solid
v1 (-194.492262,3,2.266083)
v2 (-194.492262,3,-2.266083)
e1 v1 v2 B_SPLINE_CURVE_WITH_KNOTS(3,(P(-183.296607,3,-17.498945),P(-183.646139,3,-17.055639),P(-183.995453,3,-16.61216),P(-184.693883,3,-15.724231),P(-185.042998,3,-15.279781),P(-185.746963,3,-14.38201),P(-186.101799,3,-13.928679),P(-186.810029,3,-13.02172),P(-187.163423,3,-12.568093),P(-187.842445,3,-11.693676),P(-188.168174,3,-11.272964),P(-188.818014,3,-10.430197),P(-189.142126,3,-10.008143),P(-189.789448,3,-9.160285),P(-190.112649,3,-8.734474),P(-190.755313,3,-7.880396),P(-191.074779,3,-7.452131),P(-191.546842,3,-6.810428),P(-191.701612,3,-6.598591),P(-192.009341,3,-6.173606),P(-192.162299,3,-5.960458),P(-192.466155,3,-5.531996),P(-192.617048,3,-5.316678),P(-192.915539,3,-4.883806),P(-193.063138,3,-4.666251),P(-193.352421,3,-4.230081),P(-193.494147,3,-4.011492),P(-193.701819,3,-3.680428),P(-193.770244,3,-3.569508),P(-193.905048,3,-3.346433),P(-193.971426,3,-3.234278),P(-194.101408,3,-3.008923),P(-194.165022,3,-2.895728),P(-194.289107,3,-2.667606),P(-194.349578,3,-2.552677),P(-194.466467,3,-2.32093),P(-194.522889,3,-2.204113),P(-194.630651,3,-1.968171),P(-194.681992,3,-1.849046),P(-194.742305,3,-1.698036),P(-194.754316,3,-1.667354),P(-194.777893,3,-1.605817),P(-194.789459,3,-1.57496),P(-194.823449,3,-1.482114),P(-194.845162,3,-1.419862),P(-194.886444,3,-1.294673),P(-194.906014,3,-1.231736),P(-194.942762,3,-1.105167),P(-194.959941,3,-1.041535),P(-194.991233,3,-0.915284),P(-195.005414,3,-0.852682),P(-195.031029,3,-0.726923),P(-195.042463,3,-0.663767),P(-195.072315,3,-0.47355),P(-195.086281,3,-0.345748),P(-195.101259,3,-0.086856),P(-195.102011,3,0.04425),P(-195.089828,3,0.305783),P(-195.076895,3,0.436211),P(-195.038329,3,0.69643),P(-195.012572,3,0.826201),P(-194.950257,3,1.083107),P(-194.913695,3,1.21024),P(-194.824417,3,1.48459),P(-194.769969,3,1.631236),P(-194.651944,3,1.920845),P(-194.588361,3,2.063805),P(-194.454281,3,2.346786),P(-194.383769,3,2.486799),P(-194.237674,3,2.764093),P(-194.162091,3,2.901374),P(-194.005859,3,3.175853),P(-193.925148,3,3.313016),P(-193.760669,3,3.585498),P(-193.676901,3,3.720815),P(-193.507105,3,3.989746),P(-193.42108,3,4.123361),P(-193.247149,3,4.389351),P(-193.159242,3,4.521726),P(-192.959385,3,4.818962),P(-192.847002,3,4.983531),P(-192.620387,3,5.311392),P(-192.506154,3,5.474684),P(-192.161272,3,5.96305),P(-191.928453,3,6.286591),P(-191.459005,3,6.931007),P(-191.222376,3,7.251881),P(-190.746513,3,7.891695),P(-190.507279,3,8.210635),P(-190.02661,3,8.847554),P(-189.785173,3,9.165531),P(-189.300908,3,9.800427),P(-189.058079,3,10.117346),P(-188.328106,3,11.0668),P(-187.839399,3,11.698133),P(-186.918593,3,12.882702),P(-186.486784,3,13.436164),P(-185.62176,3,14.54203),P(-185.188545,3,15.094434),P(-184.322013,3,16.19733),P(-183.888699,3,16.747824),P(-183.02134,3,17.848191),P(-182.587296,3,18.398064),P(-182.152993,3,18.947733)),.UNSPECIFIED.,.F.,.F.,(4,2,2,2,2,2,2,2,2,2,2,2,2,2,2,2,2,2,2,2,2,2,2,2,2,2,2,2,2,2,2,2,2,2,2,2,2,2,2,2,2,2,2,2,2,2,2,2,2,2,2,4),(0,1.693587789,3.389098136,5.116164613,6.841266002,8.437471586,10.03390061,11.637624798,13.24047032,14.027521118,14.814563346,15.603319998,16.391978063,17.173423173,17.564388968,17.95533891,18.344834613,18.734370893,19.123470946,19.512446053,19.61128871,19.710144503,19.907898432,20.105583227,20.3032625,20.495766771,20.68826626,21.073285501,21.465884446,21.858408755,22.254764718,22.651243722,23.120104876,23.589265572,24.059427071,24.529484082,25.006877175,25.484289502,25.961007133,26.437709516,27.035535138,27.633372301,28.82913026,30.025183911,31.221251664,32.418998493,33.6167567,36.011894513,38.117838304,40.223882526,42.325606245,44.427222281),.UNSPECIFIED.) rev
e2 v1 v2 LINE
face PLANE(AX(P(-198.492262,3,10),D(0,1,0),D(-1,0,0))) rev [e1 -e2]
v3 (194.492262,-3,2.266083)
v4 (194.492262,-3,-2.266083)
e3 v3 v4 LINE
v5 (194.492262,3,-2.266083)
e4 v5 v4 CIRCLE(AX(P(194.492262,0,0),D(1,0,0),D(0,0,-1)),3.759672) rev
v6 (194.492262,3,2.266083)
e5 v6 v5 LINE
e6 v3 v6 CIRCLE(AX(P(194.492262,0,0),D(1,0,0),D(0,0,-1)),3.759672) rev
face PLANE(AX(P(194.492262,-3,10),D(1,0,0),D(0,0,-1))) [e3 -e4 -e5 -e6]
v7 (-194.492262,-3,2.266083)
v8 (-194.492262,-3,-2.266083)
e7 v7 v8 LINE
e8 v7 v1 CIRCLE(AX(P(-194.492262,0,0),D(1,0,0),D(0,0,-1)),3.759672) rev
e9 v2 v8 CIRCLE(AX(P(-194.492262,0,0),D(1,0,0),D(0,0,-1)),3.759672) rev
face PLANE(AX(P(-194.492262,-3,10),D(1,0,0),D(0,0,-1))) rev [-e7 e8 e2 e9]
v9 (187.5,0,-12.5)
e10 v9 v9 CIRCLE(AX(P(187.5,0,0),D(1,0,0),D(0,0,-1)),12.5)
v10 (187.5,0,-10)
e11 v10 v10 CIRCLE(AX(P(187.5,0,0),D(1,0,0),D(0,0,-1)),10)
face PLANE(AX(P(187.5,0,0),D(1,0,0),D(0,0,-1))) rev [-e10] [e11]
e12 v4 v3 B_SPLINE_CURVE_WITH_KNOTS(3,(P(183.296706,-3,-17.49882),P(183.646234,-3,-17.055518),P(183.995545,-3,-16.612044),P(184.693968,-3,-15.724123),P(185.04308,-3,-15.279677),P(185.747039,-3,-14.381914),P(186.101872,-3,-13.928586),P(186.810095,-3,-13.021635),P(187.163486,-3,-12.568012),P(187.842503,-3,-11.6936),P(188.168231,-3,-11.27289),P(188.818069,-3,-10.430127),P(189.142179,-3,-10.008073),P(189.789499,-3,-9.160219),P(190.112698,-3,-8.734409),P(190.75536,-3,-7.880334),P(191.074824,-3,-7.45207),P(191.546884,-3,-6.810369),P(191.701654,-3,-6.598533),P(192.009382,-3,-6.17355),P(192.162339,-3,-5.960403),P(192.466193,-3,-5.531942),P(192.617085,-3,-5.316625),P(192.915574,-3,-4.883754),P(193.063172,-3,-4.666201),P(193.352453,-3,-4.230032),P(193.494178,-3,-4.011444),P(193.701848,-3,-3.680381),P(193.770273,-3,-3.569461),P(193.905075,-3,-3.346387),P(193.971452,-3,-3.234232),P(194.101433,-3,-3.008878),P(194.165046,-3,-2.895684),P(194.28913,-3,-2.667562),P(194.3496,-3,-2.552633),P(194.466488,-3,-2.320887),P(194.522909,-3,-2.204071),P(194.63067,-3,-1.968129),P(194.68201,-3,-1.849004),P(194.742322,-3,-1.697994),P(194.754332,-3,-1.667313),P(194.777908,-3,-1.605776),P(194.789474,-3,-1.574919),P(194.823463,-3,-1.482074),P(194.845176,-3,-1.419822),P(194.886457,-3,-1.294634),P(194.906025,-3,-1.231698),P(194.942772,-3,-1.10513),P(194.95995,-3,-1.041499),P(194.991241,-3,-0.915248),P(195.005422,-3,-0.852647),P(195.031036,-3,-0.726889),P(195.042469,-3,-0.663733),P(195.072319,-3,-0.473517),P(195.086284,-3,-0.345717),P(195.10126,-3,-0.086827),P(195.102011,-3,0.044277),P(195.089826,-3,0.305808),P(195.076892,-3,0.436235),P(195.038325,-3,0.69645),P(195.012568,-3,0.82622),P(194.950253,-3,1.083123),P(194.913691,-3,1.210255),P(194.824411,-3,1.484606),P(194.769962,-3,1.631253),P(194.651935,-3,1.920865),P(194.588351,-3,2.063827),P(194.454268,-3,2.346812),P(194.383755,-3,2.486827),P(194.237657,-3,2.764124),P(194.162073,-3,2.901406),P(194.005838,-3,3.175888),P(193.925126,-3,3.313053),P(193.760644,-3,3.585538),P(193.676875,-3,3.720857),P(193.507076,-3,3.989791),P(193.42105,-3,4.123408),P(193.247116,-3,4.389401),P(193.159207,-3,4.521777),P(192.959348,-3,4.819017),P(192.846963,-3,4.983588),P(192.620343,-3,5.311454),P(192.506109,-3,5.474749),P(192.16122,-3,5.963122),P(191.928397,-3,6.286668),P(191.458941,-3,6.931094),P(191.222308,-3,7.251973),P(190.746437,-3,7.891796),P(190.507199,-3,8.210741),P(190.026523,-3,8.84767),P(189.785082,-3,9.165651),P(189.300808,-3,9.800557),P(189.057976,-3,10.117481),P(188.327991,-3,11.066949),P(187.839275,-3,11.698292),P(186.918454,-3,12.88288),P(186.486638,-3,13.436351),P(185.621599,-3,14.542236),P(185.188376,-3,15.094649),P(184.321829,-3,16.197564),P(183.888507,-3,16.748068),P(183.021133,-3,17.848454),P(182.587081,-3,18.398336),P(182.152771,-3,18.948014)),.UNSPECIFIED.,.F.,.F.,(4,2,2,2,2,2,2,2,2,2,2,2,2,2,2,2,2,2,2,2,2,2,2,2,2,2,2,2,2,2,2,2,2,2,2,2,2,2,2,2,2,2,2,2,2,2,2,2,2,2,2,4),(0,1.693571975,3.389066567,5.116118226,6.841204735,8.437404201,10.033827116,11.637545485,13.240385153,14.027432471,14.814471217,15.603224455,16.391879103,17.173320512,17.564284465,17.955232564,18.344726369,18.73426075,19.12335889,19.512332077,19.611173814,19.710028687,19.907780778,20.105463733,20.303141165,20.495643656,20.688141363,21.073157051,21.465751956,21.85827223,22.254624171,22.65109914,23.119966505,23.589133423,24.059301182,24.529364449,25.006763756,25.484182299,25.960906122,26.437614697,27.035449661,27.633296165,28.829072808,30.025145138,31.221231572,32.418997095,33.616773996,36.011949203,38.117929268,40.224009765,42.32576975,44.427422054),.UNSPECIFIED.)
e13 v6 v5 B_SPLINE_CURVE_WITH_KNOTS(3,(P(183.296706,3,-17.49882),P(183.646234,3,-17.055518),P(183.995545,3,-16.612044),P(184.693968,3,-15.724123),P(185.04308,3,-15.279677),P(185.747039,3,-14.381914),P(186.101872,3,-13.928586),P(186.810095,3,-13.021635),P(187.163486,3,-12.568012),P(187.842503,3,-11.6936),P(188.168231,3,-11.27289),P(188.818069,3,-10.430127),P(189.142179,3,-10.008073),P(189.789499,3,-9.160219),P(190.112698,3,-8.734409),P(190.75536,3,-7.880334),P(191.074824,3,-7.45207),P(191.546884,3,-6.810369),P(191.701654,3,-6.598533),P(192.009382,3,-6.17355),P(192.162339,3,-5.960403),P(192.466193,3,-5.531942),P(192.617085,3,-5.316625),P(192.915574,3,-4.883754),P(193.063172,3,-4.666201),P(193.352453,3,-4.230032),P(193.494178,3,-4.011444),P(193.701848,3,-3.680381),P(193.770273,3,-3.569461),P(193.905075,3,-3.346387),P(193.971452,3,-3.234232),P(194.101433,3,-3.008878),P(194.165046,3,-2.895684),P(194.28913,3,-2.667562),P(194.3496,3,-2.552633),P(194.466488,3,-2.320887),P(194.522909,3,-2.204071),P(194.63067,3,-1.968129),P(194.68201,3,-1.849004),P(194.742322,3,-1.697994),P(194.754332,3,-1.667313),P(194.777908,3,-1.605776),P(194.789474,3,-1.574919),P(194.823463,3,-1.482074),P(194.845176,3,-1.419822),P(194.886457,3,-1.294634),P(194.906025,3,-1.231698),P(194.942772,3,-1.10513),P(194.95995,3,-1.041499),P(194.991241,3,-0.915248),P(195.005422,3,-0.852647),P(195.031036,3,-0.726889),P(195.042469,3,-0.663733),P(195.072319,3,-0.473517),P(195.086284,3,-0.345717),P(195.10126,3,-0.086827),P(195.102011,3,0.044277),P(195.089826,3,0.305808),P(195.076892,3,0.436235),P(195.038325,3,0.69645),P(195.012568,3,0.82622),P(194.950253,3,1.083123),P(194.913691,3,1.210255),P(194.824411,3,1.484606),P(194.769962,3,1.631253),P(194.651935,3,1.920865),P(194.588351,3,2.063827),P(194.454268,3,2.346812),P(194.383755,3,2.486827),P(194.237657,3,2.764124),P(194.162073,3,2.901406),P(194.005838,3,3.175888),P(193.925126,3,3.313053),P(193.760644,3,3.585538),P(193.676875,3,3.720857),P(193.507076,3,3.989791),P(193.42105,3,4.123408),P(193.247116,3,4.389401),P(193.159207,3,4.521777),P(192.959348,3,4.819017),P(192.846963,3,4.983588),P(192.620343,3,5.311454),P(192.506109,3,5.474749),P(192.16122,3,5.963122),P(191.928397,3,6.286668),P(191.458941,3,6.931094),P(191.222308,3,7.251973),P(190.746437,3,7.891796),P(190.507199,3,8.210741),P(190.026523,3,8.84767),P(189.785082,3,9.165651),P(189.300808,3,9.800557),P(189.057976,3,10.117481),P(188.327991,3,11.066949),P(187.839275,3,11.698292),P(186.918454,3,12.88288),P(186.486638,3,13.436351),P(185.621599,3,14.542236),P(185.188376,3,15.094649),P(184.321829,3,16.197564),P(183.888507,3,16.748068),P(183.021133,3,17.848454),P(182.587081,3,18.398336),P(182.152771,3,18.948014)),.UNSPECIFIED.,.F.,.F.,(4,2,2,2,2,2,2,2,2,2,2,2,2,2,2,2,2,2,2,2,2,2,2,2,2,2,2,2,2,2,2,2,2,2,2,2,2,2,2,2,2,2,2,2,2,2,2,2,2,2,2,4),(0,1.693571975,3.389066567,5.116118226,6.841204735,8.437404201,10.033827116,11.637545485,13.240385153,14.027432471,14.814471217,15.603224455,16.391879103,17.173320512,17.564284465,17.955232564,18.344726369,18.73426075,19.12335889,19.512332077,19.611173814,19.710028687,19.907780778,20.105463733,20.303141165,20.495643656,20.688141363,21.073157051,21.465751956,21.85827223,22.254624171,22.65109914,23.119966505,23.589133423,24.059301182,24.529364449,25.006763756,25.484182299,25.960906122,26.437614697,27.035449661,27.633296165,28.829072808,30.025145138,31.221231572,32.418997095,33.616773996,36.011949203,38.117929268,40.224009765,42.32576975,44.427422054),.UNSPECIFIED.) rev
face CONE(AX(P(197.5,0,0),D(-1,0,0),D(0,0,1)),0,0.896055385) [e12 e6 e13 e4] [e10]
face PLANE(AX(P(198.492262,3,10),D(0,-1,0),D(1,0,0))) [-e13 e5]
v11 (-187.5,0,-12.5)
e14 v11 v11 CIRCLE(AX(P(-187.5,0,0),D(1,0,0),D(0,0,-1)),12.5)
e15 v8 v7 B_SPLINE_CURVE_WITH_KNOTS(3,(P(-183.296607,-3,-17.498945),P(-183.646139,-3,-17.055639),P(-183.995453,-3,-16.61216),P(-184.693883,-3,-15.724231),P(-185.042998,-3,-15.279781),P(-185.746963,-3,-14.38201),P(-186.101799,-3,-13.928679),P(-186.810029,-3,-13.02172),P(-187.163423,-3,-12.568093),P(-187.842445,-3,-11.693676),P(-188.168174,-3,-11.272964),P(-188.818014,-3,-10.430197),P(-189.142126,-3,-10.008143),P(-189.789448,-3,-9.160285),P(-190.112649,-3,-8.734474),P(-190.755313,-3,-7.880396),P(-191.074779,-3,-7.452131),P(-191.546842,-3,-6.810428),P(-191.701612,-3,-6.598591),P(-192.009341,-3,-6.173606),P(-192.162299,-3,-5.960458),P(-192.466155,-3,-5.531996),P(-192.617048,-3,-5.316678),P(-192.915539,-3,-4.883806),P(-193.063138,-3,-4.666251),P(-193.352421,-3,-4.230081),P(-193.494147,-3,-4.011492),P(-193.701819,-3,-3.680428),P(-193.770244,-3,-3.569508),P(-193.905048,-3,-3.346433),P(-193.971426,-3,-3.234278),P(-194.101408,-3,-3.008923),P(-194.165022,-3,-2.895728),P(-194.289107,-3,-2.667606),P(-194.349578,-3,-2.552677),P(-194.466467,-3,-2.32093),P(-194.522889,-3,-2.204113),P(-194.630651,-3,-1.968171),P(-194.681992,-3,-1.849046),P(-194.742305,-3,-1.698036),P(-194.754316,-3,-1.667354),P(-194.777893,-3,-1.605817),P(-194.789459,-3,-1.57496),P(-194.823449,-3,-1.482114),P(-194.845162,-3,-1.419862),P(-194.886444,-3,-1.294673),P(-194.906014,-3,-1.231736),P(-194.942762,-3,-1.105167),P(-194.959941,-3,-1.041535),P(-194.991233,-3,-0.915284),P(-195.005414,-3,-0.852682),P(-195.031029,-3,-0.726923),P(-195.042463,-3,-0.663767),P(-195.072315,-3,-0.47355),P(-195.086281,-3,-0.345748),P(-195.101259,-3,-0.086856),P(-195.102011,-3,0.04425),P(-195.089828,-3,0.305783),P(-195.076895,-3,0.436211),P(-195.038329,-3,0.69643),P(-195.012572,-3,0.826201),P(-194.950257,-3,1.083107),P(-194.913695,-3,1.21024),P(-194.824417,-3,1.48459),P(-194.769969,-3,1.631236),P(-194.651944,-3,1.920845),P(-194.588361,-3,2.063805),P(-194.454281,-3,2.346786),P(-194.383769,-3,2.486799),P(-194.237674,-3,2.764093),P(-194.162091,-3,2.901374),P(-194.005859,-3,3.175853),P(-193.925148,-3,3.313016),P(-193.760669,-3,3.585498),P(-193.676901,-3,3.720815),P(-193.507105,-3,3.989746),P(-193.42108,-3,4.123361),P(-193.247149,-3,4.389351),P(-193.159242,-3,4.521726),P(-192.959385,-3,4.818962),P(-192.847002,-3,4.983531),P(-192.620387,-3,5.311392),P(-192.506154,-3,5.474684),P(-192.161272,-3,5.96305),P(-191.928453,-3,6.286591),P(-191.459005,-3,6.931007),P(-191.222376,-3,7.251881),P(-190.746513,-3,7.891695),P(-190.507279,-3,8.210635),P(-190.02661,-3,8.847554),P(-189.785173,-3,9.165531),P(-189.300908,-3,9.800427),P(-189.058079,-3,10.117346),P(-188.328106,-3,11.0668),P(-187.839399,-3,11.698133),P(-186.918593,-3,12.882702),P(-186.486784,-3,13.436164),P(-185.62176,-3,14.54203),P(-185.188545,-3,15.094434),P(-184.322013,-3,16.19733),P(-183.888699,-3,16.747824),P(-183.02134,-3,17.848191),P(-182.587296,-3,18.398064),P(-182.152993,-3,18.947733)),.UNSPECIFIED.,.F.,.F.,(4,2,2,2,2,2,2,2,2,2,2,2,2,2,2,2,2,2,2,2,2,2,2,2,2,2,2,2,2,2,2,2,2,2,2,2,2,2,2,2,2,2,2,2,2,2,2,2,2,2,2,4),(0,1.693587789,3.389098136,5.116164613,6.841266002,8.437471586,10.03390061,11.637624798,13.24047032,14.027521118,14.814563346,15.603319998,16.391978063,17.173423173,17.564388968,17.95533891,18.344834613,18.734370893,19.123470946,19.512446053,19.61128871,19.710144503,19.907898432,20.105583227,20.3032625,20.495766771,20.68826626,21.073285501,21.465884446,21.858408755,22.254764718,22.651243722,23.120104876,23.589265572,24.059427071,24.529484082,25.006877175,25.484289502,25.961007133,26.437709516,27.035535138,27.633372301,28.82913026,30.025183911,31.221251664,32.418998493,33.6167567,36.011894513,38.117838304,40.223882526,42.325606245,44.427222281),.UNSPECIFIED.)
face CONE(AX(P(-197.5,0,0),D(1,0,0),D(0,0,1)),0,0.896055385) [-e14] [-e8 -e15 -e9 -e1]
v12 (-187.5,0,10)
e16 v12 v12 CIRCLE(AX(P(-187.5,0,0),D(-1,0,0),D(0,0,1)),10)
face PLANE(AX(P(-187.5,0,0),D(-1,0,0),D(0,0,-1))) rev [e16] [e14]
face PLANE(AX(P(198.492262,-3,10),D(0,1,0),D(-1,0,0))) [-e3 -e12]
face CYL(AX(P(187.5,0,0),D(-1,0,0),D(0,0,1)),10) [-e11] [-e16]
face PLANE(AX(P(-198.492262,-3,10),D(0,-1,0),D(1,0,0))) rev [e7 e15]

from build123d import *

# Parameters (mm, degrees)
SKETCH1_R           = 10
BOSS_EXTRUDE1_DEPTH = 187.5
SKETCH3_R           = 12.5
CUT_EXTRUDE1_START  = -199.289561108
SKETCH4_W           = 4
SKETCH4_H           = 6
CUT_EXTRUDE1_DEPTH  = 209.289561108


with BuildPart() as part:
    # Sketch1 → Boss-Extrude1 (new, symmetric)
    with BuildSketch(Plane(origin=(0, 0, 0), x_dir=(0, 0, -1), z_dir=(1, 0, 0))):
        Circle(SKETCH1_R)
    extrude(amount=BOSS_EXTRUDE1_DEPTH, both=True)

    # Sketch3 → Loft1 section 0
    with BuildSketch(Plane(origin=(187.5, 0, 0), x_dir=(0, 0, -1), z_dir=(1, 0, 0)), mode=Mode.PRIVATE) as loft1_s0:
        Circle(SKETCH3_R)
    loft1 = loft([Vertex(197.5, 0, 0), loft1_s0.sketch])

    # Mirror1: Loft1 across plane
    add(loft1.mirror(Plane(origin=(0, 0, 0), x_dir=(0, 0, 1), z_dir=(1, 0, 0))))

    # Sketch4 → Cut-Extrude1 (cut)
    with BuildSketch(Plane.XY.offset(CUT_EXTRUDE1_START)):
        with Locations((196.492262498, 0)):
            Rectangle(SKETCH4_W, SKETCH4_H)
    cut_extrude1 = extrude(amount=CUT_EXTRUDE1_DEPTH, mode=Mode.SUBTRACT)

    # Mirror2: Cut-Extrude1 across plane
    add(cut_extrude1.mirror(Plane(origin=(0, 0, 0), x_dir=(0, 0, 1), z_dir=(1, 0, 0))), mode=Mode.SUBTRACT)


solid = part.part
